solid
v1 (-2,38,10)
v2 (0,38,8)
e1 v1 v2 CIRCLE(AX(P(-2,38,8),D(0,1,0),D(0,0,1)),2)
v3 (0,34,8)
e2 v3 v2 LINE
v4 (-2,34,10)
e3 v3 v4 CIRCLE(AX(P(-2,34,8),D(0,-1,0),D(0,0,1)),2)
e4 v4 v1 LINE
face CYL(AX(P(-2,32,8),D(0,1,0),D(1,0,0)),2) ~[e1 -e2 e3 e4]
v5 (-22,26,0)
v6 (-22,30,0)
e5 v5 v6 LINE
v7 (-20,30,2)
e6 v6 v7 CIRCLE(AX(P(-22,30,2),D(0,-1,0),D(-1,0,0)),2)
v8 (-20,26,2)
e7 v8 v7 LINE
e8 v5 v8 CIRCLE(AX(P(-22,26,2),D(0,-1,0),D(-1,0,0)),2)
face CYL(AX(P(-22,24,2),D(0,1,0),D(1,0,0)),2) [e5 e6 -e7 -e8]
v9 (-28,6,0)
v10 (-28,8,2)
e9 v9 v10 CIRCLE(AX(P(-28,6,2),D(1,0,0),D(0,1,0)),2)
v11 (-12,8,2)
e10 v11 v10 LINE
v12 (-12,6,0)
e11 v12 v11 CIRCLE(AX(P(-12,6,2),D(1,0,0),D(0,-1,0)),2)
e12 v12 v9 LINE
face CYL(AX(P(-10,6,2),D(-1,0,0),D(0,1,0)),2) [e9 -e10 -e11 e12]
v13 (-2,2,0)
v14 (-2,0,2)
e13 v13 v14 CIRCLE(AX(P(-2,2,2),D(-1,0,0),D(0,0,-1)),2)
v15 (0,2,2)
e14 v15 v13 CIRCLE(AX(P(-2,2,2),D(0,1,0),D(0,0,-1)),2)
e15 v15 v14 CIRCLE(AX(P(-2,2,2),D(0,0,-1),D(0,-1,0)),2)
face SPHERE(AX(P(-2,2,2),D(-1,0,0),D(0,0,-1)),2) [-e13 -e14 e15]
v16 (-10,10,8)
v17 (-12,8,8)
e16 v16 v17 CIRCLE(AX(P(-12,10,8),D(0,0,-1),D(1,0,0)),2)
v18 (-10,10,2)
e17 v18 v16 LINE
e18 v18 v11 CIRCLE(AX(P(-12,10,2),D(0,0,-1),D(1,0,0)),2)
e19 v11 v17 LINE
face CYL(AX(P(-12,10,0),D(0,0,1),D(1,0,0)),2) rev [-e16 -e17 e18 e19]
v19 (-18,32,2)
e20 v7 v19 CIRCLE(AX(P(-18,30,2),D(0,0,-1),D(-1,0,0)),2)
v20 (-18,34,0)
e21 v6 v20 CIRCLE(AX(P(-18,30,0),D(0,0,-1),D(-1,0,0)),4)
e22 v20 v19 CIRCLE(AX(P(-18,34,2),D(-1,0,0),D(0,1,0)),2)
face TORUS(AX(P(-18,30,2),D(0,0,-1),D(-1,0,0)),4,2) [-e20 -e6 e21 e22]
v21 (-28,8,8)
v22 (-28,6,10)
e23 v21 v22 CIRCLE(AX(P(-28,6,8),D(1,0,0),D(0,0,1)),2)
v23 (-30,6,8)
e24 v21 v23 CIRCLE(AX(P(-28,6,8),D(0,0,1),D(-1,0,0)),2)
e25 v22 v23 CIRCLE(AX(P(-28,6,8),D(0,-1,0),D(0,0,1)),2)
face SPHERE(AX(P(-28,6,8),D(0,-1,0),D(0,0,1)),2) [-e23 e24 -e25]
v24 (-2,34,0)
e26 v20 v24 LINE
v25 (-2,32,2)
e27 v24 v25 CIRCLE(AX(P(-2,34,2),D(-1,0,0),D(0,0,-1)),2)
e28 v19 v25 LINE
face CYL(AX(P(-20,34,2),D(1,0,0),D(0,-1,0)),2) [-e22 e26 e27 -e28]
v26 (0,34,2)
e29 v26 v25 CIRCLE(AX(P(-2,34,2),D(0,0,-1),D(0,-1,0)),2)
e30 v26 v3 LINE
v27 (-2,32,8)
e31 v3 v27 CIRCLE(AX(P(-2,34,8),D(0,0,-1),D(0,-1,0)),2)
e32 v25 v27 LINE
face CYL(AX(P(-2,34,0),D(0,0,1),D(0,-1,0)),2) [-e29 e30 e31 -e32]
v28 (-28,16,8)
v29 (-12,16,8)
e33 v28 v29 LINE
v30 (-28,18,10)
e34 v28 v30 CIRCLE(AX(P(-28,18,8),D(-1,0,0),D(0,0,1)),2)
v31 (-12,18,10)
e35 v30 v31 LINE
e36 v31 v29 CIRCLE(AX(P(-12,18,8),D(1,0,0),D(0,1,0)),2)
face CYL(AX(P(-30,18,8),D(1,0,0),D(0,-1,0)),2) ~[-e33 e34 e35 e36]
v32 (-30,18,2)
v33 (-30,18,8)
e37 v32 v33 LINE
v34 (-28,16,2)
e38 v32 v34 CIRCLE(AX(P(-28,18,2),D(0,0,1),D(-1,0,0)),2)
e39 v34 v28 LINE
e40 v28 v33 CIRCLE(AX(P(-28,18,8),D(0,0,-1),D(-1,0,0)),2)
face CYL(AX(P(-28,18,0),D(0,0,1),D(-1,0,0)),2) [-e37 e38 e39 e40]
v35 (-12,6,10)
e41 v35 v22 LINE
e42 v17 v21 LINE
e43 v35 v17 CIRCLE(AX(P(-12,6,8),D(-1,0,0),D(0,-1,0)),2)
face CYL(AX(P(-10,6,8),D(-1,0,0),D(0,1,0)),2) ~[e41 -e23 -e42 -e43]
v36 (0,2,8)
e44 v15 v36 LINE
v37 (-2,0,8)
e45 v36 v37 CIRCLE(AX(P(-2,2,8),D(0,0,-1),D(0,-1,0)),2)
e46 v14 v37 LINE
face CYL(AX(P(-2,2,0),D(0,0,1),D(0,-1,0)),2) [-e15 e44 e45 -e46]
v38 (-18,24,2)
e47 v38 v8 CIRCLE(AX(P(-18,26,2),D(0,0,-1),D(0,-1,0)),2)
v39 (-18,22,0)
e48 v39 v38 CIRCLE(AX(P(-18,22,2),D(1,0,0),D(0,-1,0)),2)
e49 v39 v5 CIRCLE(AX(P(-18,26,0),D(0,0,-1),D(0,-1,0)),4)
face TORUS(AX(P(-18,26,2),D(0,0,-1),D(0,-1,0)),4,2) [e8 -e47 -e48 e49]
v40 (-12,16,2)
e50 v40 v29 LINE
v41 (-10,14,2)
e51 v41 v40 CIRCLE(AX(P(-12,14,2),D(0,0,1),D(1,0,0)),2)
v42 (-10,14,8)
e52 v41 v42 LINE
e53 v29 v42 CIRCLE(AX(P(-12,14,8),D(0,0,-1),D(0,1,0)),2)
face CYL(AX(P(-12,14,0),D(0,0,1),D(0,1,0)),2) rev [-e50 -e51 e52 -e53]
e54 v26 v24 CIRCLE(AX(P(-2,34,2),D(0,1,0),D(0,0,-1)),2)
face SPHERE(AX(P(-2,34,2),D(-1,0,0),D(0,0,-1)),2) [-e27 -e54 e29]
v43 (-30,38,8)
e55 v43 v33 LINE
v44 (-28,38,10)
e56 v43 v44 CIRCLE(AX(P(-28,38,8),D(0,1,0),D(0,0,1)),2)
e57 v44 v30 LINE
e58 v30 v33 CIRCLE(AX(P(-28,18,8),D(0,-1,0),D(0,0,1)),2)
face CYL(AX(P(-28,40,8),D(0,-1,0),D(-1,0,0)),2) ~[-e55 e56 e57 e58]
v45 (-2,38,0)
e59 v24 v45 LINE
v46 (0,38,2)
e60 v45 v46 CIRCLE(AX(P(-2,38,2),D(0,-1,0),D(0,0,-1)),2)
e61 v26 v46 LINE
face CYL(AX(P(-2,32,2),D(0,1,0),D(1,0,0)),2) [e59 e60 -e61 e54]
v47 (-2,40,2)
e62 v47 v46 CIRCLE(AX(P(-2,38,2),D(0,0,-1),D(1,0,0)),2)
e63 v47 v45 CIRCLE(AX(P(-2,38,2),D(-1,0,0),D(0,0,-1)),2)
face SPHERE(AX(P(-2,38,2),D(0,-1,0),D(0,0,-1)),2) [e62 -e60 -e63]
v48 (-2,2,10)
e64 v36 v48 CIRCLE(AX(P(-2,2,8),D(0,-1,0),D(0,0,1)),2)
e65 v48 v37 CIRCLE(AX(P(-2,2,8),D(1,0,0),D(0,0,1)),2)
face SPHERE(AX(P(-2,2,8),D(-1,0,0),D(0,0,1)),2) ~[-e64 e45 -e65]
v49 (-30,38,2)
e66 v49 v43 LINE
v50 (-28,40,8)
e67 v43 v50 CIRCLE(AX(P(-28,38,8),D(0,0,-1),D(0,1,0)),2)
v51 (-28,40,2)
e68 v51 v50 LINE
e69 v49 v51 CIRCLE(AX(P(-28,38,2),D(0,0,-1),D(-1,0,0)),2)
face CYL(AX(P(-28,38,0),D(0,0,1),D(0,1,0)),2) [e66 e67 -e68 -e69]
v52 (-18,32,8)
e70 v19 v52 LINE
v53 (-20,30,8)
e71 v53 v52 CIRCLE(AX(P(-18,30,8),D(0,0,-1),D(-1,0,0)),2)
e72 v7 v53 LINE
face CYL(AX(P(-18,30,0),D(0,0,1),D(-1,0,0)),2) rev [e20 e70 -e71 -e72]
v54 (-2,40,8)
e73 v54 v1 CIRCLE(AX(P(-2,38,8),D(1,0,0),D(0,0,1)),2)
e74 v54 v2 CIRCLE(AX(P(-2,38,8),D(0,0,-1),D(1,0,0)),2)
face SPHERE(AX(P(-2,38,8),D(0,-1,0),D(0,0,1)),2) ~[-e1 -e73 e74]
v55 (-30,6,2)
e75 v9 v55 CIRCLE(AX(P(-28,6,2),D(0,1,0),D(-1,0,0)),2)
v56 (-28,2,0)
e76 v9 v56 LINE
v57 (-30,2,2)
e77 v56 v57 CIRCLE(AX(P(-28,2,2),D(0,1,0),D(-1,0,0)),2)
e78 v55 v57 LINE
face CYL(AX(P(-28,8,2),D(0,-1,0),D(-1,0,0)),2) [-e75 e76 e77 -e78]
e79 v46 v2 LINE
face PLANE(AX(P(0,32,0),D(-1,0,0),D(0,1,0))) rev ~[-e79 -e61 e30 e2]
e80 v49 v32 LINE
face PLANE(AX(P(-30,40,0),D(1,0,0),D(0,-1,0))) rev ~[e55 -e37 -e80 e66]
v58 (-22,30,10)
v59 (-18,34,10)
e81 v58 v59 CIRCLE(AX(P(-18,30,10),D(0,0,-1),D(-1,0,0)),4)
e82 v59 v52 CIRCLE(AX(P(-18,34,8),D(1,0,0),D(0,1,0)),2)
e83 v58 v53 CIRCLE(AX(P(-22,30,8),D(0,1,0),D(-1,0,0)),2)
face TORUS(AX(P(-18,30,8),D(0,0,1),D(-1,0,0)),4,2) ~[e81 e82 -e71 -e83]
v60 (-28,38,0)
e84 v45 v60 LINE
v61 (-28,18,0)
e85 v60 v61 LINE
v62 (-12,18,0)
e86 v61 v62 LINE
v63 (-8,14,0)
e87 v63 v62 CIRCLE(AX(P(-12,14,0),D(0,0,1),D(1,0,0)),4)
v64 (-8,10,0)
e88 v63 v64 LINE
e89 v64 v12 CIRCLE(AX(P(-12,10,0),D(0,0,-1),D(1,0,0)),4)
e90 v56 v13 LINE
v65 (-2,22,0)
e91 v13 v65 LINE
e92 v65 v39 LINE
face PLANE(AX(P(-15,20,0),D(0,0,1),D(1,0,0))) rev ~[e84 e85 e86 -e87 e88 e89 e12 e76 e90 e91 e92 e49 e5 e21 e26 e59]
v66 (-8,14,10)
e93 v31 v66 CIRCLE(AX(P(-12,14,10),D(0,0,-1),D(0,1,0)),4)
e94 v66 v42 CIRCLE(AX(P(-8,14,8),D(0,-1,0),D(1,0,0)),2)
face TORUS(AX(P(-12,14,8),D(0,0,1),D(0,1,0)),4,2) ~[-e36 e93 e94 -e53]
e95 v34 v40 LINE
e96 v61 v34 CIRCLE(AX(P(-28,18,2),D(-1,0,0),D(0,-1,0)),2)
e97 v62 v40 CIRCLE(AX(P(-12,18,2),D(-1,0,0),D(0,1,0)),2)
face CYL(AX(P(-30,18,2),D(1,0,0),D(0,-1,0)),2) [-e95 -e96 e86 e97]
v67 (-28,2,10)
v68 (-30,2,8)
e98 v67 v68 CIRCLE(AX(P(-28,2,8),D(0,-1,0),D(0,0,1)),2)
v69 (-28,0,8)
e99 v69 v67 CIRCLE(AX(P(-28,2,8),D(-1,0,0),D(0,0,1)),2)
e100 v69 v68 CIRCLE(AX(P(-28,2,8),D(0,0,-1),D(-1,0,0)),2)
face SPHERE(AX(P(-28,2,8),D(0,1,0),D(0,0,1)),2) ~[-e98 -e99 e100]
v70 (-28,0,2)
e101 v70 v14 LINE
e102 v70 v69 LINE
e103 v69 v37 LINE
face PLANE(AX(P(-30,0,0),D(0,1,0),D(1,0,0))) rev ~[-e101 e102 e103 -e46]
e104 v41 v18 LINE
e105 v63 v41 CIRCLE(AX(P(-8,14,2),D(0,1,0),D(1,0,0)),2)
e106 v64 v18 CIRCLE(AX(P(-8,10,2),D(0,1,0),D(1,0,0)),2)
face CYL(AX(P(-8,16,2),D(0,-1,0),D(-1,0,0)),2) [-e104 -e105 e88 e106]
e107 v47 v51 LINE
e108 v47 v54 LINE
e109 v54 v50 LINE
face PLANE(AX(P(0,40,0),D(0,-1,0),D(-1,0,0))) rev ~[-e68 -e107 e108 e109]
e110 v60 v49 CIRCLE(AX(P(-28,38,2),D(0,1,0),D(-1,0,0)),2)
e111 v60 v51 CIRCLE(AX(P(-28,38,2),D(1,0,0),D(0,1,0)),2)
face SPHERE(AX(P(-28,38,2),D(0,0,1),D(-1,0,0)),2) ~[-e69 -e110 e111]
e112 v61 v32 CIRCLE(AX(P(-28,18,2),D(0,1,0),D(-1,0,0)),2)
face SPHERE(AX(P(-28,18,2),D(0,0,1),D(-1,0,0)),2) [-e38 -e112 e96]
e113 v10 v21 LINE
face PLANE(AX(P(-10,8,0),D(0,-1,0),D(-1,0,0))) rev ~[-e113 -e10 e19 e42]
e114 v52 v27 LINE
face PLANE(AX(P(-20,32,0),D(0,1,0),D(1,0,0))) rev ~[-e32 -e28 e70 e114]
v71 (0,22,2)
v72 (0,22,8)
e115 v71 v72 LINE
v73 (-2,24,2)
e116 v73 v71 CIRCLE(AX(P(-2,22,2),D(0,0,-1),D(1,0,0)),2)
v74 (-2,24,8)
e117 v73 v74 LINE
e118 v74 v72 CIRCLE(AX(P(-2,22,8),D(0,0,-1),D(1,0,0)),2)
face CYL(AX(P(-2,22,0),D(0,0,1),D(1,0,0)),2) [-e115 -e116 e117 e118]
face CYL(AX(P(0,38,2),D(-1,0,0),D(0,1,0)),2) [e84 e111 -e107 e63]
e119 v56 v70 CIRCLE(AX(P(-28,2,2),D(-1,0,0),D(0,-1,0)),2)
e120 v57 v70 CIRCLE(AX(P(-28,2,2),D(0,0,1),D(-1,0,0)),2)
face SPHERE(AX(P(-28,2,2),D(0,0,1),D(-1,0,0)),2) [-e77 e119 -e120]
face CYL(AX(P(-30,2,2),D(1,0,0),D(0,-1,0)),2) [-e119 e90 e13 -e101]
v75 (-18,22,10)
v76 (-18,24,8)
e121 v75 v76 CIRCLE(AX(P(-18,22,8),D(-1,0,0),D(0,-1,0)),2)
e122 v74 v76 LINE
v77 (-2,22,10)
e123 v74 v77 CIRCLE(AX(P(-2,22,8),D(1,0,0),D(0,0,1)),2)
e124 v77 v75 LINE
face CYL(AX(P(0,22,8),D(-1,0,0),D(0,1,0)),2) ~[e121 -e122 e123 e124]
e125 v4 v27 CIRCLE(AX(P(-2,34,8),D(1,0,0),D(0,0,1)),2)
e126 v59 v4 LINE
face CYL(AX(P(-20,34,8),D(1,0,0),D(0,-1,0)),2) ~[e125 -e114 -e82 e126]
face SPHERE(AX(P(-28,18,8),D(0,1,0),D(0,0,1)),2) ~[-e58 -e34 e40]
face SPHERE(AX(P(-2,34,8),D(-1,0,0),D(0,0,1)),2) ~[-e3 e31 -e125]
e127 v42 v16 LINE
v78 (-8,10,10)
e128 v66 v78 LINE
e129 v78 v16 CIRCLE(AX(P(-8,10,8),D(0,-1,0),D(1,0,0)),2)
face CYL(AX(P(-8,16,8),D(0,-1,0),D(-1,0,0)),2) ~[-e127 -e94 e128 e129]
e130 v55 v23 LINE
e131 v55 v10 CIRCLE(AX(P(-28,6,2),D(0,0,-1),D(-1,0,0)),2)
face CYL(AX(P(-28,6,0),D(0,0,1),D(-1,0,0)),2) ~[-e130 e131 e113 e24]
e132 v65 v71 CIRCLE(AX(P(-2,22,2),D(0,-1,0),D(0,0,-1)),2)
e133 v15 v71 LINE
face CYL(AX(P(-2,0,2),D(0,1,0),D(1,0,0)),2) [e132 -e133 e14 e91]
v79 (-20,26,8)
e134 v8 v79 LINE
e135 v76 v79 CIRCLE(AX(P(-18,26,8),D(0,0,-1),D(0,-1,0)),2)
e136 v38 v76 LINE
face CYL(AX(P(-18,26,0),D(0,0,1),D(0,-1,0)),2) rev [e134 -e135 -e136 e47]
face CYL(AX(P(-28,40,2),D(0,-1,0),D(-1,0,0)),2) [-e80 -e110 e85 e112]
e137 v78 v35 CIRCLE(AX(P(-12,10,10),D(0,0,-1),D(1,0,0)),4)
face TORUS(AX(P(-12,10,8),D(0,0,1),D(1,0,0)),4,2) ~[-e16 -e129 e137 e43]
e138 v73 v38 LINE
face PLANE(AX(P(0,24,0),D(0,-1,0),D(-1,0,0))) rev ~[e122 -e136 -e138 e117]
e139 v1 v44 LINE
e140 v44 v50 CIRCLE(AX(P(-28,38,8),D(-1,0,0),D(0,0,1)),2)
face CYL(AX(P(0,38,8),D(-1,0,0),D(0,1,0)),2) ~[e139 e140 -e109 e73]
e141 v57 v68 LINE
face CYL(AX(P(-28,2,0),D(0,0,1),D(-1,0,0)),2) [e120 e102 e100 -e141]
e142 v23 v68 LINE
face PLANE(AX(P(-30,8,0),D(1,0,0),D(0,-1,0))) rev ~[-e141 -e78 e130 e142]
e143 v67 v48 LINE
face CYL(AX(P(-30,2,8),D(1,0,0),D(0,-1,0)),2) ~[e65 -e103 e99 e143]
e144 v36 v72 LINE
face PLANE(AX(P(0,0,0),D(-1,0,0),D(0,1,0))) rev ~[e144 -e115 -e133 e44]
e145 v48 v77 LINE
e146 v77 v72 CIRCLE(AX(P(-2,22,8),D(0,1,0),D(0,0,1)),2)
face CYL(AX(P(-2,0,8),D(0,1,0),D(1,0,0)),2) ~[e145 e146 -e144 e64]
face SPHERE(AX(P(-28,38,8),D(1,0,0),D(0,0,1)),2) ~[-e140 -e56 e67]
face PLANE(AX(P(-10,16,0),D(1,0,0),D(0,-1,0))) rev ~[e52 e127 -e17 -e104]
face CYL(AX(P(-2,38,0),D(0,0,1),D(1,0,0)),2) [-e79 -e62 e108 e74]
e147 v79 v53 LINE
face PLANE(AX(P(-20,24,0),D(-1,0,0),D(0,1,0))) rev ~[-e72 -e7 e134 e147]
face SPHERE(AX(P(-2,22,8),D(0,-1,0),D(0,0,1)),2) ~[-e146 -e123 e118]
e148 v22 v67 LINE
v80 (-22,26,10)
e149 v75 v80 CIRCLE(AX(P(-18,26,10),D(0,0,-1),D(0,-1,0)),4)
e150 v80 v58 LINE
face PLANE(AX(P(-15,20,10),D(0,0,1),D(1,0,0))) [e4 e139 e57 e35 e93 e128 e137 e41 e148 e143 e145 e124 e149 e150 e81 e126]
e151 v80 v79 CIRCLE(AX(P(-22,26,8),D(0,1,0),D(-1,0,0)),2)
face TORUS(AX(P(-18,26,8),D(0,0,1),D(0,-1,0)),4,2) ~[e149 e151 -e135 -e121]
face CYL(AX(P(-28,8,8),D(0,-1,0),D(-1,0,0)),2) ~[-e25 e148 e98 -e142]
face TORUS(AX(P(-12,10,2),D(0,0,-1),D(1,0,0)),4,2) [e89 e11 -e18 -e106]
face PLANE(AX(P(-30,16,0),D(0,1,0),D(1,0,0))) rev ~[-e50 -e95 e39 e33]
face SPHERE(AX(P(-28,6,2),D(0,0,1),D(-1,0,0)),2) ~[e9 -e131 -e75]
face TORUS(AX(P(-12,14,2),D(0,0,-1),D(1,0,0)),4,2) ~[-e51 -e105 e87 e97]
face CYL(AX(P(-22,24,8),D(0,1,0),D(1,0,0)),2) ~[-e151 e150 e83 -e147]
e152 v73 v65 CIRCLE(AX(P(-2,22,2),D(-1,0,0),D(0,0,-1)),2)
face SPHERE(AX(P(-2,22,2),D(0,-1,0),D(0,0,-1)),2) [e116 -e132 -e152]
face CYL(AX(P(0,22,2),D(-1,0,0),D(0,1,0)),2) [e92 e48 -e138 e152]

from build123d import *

# Parameters (mm, degrees)
F1_DEPTH = 10
F2_R     = 2


with BuildPart() as f1:
    # F0 (on Top) → F1 (new body)
    with BuildSketch(Plane.XY):
        Polygon((-30, 8), (-30, 0), (0, 0), (0, 24), (-20, 24), (-20, 32), (0, 32), (0, 40), (-30, 40), (-30, 16), (-10, 16), (-10, 8), align=None)
    extrude(amount=F1_DEPTH)

    # F2
    f2_edges = [f1.edges().sort_by_distance(p)[0] for p in [
        (-30, 4, 10),
        (-15, 0, 10),
        (0, 12, 10),
        (-10, 24, 10),
        (-20, 28, 10),
        (-10, 32, 10),
        (0, 36, 10),
        (-15, 40, 10),
        (-30, 28, 10),
        (-20, 16, 10),
        (-10, 12, 10),
        (-20, 8, 10),
        (-30, 40, 5),
        (-30, 16, 5),
        (-30, 28, 0),
        (-10, 16, 5),
        (-10, 8, 5),
        (-10, 12, 0),
        (-30, 8, 5),
        (-30, 0, 5),
        (-30, 4, 0),
        (-15, 0, 0),
        (0, 12, 0),
        (-10, 24, 0),
        (-20, 28, 0),
        (-10, 32, 0),
        (0, 36, 0),
        (-15, 40, 0),
        (-20, 16, 0),
        (-20, 8, 0),
        (0, 40, 5),
        (0, 0, 5),
        (0, 24, 5),
        (-20, 24, 5),
        (-20, 32, 5),
        (0, 32, 5),
    ]]
    fillet(f2_edges, radius=F2_R)


solid = f1.part
